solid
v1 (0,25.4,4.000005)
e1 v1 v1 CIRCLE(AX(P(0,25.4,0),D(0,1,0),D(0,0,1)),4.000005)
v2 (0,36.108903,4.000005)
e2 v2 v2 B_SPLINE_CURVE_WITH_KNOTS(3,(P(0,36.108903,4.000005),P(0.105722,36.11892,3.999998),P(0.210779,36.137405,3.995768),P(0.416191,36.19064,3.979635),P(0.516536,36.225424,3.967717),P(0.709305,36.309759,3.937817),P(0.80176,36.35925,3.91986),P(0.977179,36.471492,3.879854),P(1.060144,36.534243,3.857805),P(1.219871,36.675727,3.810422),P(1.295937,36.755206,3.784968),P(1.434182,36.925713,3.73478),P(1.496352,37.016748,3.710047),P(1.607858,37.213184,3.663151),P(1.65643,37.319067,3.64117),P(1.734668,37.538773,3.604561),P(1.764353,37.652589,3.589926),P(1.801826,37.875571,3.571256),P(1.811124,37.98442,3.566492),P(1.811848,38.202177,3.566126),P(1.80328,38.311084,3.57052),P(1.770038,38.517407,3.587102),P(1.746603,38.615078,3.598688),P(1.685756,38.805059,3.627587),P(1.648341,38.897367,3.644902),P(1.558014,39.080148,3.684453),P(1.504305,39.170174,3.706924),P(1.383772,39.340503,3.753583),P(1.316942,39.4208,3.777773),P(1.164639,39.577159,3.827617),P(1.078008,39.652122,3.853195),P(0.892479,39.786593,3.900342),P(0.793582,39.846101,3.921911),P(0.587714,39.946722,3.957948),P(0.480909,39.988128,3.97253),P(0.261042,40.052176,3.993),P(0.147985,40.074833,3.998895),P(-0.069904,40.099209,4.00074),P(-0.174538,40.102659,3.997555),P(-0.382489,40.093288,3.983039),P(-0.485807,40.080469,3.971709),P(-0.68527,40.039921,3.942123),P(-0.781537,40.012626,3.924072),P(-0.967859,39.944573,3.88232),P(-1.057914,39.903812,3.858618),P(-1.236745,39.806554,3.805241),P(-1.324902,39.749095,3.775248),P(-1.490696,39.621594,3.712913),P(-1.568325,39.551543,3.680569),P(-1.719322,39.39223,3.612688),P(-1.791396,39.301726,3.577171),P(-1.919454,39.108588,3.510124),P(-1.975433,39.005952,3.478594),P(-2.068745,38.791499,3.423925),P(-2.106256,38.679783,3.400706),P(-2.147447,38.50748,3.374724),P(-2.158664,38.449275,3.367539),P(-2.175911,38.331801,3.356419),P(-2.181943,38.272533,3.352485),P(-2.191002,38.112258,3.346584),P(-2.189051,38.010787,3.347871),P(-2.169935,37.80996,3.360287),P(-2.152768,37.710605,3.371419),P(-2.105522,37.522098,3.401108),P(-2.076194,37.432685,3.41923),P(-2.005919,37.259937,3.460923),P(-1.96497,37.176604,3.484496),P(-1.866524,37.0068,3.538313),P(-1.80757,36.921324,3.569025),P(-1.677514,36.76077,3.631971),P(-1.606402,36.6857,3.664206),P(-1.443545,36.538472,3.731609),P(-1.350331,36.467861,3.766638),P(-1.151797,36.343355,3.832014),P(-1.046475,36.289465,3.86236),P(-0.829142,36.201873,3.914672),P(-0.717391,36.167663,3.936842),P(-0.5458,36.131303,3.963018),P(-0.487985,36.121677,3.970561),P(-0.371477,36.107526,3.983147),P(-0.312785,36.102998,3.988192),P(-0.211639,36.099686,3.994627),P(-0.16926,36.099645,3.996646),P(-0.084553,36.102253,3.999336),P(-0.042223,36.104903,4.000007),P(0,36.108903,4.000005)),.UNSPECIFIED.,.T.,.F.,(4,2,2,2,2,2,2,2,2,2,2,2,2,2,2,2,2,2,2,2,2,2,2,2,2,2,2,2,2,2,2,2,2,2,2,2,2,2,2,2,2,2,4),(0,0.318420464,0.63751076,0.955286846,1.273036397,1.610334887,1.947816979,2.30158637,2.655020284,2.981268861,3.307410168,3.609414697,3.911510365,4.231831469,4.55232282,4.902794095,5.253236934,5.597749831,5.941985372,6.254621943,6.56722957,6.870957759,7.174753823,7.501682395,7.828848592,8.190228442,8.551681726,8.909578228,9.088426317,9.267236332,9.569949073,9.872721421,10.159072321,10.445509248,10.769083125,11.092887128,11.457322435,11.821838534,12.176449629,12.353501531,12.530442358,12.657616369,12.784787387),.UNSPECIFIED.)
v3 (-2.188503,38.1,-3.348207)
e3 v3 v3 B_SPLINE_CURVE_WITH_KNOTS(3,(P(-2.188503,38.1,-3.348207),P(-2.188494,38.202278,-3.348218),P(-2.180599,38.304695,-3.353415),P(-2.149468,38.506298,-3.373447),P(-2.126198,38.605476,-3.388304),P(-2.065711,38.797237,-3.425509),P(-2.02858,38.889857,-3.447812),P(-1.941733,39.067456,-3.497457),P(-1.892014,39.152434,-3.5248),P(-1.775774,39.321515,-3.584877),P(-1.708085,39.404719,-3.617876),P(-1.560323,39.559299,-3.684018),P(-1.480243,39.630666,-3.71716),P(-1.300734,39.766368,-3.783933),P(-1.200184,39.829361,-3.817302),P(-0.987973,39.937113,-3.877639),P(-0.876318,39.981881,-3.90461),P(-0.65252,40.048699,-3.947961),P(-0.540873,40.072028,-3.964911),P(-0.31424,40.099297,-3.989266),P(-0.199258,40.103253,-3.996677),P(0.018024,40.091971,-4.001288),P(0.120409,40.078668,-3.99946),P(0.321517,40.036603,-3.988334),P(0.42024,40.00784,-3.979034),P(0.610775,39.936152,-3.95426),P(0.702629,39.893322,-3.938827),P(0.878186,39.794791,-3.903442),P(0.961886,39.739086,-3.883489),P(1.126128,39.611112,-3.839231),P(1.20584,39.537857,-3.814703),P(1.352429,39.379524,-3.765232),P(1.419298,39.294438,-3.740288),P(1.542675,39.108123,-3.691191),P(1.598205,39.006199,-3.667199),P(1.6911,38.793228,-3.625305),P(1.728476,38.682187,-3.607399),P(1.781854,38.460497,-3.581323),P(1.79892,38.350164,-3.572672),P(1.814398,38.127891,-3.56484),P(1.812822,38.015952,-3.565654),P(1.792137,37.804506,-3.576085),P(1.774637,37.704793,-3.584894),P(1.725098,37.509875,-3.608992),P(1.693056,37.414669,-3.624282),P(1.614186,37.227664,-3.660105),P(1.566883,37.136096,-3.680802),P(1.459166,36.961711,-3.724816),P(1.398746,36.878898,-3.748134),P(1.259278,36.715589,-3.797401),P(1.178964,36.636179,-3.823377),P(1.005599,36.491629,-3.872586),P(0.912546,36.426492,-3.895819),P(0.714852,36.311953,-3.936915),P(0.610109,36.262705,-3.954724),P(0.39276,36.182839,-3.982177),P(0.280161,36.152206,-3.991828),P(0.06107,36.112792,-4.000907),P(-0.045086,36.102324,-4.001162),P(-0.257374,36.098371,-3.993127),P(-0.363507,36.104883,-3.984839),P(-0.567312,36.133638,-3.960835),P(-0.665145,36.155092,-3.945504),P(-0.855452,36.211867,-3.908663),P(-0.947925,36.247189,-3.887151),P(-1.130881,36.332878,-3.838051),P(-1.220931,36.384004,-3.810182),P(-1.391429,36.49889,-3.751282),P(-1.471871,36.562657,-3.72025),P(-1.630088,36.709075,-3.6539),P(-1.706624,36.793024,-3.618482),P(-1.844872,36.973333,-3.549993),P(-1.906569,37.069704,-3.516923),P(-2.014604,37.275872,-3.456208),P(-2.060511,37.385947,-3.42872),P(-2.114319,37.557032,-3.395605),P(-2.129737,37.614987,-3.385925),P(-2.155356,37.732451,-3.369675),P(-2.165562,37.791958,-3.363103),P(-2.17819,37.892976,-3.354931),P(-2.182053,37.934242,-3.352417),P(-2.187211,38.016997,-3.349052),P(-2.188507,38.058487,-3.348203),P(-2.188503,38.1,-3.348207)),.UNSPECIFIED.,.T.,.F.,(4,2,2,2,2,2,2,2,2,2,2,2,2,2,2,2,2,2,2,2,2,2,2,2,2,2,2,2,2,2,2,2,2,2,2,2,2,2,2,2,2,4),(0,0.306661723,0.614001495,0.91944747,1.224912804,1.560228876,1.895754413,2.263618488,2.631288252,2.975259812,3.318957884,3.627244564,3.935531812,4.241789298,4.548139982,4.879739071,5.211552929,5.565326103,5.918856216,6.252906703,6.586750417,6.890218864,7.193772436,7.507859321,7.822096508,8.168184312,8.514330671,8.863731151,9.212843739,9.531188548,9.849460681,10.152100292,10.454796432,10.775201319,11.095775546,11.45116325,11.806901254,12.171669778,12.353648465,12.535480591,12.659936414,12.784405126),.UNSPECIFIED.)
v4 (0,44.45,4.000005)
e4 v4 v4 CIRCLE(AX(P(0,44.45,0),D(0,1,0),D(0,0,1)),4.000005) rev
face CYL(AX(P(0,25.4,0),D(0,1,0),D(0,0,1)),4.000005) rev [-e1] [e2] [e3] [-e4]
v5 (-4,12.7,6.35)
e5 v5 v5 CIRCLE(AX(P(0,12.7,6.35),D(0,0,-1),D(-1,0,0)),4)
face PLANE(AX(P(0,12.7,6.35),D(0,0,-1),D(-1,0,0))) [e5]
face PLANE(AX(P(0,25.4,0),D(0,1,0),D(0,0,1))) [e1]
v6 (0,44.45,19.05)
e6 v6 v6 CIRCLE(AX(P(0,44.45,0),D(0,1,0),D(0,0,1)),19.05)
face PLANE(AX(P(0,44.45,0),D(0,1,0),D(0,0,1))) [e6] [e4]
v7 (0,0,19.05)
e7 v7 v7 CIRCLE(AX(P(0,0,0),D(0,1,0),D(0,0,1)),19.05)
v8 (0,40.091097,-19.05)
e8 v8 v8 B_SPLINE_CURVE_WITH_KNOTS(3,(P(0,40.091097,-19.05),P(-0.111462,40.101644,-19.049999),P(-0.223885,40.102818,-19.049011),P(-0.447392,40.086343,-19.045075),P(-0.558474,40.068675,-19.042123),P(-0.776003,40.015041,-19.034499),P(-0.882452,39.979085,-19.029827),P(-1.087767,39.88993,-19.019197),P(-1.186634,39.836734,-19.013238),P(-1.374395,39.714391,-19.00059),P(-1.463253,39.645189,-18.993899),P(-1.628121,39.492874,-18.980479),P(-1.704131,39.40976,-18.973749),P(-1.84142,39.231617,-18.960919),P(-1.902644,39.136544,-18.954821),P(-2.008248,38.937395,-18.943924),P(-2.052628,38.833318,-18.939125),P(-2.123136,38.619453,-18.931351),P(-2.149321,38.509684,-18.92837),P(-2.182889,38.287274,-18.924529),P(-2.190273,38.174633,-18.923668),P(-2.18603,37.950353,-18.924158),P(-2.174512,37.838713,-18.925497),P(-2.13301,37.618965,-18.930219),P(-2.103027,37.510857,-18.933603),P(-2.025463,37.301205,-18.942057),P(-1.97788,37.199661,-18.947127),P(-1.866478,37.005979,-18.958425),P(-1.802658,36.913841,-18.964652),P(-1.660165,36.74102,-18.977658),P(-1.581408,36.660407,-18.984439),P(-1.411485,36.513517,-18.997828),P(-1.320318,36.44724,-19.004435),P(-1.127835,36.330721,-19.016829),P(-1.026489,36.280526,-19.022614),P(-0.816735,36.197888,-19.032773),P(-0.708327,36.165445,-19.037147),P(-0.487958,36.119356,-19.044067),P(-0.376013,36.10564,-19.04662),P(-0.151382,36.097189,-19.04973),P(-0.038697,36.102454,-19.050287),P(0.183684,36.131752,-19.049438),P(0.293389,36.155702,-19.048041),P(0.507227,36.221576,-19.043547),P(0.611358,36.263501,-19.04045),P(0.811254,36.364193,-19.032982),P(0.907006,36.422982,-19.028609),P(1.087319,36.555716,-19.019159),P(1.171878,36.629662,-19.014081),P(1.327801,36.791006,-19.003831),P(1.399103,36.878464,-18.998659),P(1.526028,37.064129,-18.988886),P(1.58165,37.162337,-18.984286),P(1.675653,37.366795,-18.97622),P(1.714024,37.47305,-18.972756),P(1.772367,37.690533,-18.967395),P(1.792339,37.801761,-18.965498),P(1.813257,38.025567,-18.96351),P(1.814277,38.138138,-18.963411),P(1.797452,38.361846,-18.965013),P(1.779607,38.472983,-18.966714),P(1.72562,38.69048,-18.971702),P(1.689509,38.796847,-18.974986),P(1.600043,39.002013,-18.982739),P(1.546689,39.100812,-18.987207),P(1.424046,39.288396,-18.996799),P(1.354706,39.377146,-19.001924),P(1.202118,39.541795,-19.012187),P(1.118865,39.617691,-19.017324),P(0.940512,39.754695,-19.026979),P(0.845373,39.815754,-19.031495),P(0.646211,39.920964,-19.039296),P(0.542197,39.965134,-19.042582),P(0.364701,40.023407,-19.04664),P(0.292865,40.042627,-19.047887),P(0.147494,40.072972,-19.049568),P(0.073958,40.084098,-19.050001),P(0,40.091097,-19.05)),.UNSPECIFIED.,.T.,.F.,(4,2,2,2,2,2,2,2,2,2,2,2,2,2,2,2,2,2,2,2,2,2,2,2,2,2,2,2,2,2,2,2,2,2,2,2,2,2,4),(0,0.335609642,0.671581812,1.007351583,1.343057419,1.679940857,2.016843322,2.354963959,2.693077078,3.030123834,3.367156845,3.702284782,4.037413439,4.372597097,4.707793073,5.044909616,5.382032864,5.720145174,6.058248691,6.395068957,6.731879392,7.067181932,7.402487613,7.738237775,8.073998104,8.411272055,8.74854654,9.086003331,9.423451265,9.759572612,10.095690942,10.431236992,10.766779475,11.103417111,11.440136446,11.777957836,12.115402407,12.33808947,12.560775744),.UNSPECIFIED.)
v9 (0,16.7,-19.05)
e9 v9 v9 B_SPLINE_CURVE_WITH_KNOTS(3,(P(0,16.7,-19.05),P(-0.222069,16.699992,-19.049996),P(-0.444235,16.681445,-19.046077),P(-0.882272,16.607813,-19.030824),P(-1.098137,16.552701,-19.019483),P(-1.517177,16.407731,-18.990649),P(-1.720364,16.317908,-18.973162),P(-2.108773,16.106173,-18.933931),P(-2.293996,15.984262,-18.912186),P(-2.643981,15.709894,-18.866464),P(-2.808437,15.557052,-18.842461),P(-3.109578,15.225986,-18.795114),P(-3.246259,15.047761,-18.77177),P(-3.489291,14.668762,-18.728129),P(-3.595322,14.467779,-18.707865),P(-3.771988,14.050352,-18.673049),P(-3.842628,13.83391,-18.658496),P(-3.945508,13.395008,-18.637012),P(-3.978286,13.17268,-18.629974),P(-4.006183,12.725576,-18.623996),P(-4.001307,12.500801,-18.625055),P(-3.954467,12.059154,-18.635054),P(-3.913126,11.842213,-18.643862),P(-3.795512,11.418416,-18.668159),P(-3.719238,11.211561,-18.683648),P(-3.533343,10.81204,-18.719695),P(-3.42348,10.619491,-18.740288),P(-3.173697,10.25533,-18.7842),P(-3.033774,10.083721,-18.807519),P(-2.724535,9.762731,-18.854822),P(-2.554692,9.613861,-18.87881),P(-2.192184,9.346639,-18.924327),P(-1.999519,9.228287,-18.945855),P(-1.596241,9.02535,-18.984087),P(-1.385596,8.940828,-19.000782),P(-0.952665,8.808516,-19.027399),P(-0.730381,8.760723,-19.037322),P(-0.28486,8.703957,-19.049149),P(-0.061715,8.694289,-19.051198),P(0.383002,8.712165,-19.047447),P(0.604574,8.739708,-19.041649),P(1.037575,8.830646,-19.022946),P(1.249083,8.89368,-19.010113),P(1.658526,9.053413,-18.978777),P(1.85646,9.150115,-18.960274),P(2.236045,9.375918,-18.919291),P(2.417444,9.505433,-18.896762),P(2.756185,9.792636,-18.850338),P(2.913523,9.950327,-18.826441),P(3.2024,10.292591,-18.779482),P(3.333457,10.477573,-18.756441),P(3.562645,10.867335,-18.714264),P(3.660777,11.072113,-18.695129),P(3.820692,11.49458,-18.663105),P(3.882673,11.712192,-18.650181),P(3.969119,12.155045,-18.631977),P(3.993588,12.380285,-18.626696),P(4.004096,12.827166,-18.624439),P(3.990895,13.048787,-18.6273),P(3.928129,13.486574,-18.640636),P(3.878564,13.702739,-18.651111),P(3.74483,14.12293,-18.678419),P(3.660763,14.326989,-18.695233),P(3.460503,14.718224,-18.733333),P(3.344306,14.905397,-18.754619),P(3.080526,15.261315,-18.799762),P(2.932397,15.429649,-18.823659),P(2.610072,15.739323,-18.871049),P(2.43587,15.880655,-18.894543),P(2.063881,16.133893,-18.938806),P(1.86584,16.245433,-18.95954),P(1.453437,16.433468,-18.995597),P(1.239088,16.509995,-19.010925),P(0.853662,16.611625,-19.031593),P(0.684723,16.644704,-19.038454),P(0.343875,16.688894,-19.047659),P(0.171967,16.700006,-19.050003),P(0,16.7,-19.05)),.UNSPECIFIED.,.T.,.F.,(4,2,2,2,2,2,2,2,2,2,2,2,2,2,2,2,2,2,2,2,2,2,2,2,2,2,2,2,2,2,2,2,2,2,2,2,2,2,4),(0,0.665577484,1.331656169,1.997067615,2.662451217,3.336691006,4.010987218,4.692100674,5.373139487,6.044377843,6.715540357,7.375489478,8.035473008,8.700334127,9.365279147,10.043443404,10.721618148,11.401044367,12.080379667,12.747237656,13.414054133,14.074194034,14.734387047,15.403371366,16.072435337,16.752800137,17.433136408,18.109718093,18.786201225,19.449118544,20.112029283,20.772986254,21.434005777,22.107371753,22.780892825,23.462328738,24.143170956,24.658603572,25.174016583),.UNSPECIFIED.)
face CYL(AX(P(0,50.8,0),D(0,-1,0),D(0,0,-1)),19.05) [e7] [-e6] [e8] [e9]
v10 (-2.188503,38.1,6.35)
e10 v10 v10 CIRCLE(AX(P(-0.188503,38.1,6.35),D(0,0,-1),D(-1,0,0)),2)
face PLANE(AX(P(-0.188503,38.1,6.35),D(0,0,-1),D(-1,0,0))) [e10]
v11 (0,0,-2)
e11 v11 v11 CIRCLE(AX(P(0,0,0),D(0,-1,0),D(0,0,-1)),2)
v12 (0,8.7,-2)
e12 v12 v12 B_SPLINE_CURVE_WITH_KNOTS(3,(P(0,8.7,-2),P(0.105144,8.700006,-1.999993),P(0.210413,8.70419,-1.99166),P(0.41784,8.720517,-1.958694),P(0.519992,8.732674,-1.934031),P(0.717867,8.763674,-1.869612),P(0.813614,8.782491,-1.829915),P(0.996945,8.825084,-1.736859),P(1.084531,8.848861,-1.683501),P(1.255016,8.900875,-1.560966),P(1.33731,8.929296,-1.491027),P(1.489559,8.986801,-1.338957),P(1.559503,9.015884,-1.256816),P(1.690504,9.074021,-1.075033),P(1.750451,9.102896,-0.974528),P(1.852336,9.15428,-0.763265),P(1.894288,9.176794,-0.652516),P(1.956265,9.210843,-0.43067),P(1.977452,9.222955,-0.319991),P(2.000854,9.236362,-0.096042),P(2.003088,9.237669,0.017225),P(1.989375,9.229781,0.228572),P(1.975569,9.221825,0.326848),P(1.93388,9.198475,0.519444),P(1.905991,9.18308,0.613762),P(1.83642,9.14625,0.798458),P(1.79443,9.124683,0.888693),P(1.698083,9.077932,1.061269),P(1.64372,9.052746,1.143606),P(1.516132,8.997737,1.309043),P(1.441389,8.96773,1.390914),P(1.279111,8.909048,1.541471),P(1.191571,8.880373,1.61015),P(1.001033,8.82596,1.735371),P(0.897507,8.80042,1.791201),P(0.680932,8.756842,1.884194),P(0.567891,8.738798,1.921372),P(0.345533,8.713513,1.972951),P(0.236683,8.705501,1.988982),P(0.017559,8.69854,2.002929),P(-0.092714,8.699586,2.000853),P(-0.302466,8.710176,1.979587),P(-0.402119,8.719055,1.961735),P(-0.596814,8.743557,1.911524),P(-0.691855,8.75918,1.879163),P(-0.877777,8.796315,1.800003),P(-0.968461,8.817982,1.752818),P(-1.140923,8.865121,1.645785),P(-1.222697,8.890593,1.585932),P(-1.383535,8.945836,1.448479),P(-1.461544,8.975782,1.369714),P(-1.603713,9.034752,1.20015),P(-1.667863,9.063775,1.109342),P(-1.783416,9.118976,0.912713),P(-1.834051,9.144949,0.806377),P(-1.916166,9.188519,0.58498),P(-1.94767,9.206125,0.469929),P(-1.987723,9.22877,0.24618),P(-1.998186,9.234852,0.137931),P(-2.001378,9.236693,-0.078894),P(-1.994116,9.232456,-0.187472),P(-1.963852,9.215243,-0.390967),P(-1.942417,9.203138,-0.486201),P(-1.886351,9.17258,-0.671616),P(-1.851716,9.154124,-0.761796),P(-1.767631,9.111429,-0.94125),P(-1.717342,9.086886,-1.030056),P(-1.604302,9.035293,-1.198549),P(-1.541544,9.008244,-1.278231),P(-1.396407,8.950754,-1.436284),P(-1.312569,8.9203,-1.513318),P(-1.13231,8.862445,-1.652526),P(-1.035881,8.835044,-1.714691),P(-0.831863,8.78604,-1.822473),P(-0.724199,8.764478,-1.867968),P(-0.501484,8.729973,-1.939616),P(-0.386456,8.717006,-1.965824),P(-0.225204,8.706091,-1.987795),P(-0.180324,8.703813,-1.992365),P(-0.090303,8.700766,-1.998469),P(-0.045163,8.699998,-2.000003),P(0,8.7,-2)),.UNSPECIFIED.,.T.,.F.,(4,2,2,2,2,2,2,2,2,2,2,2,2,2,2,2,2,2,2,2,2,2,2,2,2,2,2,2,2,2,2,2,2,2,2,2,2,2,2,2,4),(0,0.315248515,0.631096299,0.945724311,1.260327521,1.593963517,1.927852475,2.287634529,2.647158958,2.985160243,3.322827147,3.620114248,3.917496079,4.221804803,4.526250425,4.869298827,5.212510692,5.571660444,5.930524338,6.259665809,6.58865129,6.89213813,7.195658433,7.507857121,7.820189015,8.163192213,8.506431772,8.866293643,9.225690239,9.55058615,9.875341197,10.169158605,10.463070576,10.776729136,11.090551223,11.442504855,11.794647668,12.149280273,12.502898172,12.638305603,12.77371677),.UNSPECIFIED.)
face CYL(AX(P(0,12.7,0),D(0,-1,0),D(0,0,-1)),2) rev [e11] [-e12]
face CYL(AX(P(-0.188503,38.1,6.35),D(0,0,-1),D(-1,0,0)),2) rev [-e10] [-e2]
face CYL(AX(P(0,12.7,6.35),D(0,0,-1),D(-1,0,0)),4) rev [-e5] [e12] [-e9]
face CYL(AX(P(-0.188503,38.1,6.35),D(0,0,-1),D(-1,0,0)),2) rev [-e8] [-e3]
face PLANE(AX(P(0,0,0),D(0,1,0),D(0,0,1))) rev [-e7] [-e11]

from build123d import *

# Parameters (mm, degrees)
SKETCH1_R           = 19.05
BOSS_EXTRUDE1_DEPTH = 50.8
SKETCH2_R           = 4.0000047
CUT_EXTRUDE1_DEPTH  = 25.4
SKETCH4_R           = 4
SKETCH4_R_2         = 2
CUT_EXTRUDE2_DEPTH  = 25.4
SKETCH6_R           = 2
CUT_EXTRUDE3_DEPTH  = 12.7
SKETCH7_R           = 19.05
CUT_EXTRUDE4_DEPTH  = 6.35


with BuildPart() as part:
    # Sketch1 → Boss-Extrude1 (new body)
    with BuildSketch(Plane(origin=(0, 0, 0), x_dir=(1, 0, 0), z_dir=(0, 1, 0))):
        Circle(SKETCH1_R)
    extrude(amount=BOSS_EXTRUDE1_DEPTH)

    # Sketch2 → Cut-Extrude1 (cut)
    with BuildSketch(Plane(origin=(0, 50.8, 0), x_dir=(1, 0, 0), z_dir=(0, 1, 0))):
        Circle(SKETCH2_R)
    extrude(amount=-CUT_EXTRUDE1_DEPTH, mode=Mode.SUBTRACT)

    # Sketch4 → Cut-Extrude2 (cut)
    with BuildSketch(Plane(origin=(0, 0, -19.05), x_dir=(-1, 0, 0), z_dir=(0, 0, -1))):
        with Locations((0, 12.7)):
            Circle(SKETCH4_R)
        with Locations((0.188503161, 38.1)):
            Circle(SKETCH4_R_2)
    extrude(amount=-CUT_EXTRUDE2_DEPTH, mode=Mode.SUBTRACT)

    # Sketch6 → Cut-Extrude3 (cut)
    with BuildSketch(Plane.XZ):
        Circle(SKETCH6_R)
    extrude(amount=-CUT_EXTRUDE3_DEPTH, mode=Mode.SUBTRACT)

    # Sketch7 → Cut-Extrude4 (cut)
    with BuildSketch(Plane(origin=(0, 50.8, 0), x_dir=(1, 0, 0), z_dir=(0, 1, 0))):
        Circle(SKETCH7_R)
    extrude(amount=-CUT_EXTRUDE4_DEPTH, mode=Mode.SUBTRACT)


solid = part.part
